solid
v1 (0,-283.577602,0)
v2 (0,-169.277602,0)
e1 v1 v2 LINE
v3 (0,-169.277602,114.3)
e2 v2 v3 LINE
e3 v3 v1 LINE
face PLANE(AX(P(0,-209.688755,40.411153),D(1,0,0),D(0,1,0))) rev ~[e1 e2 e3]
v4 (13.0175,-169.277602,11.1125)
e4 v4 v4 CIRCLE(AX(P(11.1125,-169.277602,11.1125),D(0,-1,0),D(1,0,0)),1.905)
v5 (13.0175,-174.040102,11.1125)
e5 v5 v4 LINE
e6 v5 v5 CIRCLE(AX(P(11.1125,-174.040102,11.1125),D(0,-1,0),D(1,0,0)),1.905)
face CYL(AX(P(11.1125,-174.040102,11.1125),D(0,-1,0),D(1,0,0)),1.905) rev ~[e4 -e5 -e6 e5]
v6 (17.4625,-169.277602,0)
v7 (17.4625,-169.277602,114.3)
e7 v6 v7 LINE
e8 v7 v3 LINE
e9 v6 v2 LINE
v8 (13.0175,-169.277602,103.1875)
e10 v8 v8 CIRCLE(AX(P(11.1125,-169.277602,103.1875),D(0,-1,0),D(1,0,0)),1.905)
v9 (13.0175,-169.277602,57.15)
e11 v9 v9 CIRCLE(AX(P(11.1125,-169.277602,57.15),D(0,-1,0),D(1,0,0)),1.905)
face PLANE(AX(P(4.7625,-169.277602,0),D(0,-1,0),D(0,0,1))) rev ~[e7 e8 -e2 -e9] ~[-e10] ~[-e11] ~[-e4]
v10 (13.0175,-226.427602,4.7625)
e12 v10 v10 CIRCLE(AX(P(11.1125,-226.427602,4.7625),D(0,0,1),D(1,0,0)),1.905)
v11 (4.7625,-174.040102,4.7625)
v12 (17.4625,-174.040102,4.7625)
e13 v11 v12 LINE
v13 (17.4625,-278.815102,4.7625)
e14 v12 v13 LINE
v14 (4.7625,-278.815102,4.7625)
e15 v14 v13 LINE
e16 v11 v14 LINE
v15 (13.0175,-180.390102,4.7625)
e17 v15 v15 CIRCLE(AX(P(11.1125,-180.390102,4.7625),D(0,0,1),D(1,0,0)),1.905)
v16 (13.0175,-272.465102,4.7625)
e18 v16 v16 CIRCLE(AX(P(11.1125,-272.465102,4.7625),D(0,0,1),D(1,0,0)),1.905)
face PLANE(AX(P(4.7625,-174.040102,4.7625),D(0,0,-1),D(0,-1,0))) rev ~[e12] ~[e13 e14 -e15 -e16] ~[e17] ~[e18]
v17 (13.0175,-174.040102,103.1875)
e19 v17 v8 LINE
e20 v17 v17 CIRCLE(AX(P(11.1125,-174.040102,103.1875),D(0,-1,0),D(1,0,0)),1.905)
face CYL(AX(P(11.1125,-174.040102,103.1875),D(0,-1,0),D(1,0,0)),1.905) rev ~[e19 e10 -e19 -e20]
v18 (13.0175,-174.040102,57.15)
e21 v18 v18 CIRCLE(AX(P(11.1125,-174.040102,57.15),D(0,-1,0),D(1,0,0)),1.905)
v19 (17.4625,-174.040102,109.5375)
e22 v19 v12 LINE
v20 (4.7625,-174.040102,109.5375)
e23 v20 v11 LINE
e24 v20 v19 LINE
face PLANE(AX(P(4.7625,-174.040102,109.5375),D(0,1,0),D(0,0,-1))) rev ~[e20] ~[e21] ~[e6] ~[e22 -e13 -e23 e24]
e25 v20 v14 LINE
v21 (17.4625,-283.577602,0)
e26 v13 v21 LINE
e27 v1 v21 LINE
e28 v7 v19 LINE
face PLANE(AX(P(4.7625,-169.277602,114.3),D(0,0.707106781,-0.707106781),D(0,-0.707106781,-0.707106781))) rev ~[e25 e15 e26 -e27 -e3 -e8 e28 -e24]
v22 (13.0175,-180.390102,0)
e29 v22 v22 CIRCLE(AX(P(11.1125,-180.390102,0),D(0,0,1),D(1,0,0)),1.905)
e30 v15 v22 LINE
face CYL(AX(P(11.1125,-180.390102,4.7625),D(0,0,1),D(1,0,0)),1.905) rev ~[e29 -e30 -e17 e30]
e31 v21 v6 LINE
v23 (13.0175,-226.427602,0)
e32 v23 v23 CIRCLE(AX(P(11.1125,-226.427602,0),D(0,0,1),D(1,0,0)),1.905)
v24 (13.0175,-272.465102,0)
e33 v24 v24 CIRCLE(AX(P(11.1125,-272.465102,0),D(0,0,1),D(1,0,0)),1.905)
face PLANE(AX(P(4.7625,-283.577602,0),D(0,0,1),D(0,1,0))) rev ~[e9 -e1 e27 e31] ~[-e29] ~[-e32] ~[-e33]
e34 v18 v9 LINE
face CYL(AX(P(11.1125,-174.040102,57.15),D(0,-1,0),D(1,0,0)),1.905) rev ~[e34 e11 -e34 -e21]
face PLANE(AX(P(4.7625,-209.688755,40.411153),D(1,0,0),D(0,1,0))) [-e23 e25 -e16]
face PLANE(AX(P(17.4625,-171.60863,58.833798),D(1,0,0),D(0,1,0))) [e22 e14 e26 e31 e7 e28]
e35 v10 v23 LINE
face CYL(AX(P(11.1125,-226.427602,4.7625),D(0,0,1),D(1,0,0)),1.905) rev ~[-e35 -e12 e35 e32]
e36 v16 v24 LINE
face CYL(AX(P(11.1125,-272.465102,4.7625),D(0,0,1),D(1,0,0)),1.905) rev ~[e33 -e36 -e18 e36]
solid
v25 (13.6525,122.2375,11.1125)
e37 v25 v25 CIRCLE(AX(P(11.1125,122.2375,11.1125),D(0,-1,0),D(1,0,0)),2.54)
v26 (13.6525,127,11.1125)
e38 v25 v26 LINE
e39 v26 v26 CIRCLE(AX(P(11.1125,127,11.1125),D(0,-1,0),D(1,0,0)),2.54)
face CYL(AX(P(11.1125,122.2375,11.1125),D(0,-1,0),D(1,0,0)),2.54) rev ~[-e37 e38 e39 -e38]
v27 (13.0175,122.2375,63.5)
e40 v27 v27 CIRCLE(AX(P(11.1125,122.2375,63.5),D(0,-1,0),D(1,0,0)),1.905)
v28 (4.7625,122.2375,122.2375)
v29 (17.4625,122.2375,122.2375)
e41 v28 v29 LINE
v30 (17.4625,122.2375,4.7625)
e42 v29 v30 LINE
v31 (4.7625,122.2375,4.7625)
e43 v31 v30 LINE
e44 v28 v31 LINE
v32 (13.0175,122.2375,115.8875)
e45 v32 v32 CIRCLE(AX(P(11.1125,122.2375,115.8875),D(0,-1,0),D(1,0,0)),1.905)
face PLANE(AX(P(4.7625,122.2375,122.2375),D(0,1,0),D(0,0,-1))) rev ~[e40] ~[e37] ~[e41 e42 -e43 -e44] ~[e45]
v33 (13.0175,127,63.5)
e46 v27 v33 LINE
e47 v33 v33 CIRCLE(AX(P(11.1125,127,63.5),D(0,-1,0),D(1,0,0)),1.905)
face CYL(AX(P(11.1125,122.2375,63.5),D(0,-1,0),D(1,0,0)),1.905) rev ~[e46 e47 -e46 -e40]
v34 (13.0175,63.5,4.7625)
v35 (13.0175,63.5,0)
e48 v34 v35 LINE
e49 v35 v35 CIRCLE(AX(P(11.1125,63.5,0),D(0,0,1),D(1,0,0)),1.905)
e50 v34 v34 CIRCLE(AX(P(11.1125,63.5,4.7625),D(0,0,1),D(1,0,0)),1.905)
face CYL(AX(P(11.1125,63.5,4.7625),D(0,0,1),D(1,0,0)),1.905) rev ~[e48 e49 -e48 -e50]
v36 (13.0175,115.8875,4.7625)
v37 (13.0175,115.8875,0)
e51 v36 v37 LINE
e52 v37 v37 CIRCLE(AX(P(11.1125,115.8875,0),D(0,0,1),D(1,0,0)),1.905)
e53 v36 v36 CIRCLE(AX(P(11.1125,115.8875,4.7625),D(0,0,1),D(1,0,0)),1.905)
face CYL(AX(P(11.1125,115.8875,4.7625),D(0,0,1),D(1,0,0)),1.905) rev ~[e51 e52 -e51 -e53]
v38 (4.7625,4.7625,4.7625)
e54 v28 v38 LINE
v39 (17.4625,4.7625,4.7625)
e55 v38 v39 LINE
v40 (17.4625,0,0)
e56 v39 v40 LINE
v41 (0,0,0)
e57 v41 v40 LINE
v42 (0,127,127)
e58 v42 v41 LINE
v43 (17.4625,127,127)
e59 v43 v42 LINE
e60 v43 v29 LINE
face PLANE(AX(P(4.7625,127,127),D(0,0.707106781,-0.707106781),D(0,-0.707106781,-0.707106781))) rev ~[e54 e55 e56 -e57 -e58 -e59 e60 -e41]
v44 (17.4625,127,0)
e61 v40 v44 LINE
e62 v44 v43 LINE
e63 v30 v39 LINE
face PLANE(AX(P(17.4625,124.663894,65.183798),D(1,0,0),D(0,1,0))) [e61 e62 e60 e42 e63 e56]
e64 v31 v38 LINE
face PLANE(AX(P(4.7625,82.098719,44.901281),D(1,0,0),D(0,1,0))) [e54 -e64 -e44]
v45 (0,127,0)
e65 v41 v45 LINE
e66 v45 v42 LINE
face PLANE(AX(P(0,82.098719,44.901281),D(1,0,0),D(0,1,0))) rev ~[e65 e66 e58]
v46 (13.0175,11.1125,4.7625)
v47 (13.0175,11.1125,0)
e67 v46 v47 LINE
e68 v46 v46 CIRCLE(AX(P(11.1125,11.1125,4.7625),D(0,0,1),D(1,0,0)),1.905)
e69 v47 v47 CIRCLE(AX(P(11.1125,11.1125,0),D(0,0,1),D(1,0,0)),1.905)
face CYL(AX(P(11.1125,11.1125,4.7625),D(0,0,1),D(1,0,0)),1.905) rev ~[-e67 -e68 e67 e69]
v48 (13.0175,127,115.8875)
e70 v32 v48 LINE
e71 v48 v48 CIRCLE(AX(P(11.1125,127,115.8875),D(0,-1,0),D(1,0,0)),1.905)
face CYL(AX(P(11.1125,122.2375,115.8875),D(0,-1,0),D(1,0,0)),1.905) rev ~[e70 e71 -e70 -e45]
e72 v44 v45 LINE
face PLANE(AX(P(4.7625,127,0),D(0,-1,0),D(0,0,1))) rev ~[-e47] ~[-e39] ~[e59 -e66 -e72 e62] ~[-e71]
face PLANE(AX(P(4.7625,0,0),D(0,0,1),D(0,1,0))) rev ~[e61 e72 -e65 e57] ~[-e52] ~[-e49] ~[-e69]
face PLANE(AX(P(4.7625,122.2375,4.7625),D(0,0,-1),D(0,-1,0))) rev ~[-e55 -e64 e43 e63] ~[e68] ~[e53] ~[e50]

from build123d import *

# Parameters (mm, degrees)
F1_DEPTH  = 4.7625
F3_DEPTH  = 12.7
F4_R      = 1.905
F5_DEPTH  = 4.7625
F6_R      = 1.905
F6_R_2    = 2.54
F7_DEPTH  = 4.7625
F9_DEPTH  = 4.7625
F11_DEPTH = 12.7
F12_R     = 1.905
F13_DEPTH = 4.7625
F14_R     = 1.905
F15_DEPTH = 4.7625


with BuildPart() as f1:
    # F0 (on Right) → F1 (new body)
    with BuildSketch(Plane.YZ):
        Polygon((127, 127), (0, 0), (127, 0), align=None)
    extrude(amount=F1_DEPTH)

    # F2 (on face) → F3 (join)
    with BuildSketch(Plane.YZ.offset(4.7625)):
        Polygon((122.2375, 4.7625), (127, 4.7625), (127, 127), (122.2375, 122.2375), align=None)
        Polygon((127, 0), (127, 4.7625), (122.2375, 4.7625), (4.7625, 4.7625), (0, 0), align=None)
    extrude(amount=F3_DEPTH)

    # F4 (on face) → F5 (cut, through all)
    with BuildSketch(Plane.XY.offset(4.7625)):
        with Locations((11.1125, 11.1125)):
            Circle(F4_R)
        with Locations((11.1125, 115.8875)):
            Circle(F4_R)
        with Locations((11.1125, 63.5)):
            Circle(F4_R)
    extrude(amount=-F5_DEPTH, mode=Mode.SUBTRACT)

    # F6 (on face) → F7 (cut, through all)
    with BuildSketch(Plane.XZ.offset(-122.2375)):
        with Locations((11.1125, 115.8875)):
            Circle(F6_R)
        with Locations((11.1125, 11.1125)):
            Circle(F6_R_2)
        with Locations((11.1125, 63.5)):
            Circle(F6_R)
    extrude(amount=-F7_DEPTH, mode=Mode.SUBTRACT)


with BuildPart() as f9:
    # F8 (on Right) → F9 (new body)
    with BuildSketch(Plane.YZ):
        Polygon((-169.277602, 114.3), (-283.577602, 0), (-169.277602, 0), align=None)
    extrude(amount=F9_DEPTH)

    # F10 (on face) → F11 (join)
    with BuildSketch(Plane.YZ.offset(4.7625)):
        Polygon((-174.040102, 109.5375), (-174.040102, 4.7625), (-169.277602, 4.7625), (-169.277602, 114.3), align=None)
        Polygon((-174.040102, 4.7625), (-278.815102, 4.7625), (-283.577602, 0), (-169.277602, 0), (-169.277602, 4.7625), align=None)
    extrude(amount=F11_DEPTH)

    # F12 (on face) → F13 (cut, through all)
    with BuildSketch(Plane.XY.offset(4.7625)):
        with Locations((11.1125, -272.465102)):
            Circle(F12_R)
        with Locations((11.1125, -226.427602)):
            Circle(F12_R)
        with Locations((11.1125, -180.390102)):
            Circle(F12_R)
    extrude(amount=-F13_DEPTH, mode=Mode.SUBTRACT)

    # F14 (on face) → F15 (cut, through all)
    with BuildSketch(Plane.XZ.offset(174.040102)):
        with Locations((11.1125, 103.1875)):
            Circle(F14_R)
        with Locations((11.1125, 11.1125)):
            Circle(F14_R)
        with Locations((11.1125, 57.15)):
            Circle(F14_R)
    extrude(amount=-F15_DEPTH, mode=Mode.SUBTRACT)


solid = Compound([f1.part, f9.part])
